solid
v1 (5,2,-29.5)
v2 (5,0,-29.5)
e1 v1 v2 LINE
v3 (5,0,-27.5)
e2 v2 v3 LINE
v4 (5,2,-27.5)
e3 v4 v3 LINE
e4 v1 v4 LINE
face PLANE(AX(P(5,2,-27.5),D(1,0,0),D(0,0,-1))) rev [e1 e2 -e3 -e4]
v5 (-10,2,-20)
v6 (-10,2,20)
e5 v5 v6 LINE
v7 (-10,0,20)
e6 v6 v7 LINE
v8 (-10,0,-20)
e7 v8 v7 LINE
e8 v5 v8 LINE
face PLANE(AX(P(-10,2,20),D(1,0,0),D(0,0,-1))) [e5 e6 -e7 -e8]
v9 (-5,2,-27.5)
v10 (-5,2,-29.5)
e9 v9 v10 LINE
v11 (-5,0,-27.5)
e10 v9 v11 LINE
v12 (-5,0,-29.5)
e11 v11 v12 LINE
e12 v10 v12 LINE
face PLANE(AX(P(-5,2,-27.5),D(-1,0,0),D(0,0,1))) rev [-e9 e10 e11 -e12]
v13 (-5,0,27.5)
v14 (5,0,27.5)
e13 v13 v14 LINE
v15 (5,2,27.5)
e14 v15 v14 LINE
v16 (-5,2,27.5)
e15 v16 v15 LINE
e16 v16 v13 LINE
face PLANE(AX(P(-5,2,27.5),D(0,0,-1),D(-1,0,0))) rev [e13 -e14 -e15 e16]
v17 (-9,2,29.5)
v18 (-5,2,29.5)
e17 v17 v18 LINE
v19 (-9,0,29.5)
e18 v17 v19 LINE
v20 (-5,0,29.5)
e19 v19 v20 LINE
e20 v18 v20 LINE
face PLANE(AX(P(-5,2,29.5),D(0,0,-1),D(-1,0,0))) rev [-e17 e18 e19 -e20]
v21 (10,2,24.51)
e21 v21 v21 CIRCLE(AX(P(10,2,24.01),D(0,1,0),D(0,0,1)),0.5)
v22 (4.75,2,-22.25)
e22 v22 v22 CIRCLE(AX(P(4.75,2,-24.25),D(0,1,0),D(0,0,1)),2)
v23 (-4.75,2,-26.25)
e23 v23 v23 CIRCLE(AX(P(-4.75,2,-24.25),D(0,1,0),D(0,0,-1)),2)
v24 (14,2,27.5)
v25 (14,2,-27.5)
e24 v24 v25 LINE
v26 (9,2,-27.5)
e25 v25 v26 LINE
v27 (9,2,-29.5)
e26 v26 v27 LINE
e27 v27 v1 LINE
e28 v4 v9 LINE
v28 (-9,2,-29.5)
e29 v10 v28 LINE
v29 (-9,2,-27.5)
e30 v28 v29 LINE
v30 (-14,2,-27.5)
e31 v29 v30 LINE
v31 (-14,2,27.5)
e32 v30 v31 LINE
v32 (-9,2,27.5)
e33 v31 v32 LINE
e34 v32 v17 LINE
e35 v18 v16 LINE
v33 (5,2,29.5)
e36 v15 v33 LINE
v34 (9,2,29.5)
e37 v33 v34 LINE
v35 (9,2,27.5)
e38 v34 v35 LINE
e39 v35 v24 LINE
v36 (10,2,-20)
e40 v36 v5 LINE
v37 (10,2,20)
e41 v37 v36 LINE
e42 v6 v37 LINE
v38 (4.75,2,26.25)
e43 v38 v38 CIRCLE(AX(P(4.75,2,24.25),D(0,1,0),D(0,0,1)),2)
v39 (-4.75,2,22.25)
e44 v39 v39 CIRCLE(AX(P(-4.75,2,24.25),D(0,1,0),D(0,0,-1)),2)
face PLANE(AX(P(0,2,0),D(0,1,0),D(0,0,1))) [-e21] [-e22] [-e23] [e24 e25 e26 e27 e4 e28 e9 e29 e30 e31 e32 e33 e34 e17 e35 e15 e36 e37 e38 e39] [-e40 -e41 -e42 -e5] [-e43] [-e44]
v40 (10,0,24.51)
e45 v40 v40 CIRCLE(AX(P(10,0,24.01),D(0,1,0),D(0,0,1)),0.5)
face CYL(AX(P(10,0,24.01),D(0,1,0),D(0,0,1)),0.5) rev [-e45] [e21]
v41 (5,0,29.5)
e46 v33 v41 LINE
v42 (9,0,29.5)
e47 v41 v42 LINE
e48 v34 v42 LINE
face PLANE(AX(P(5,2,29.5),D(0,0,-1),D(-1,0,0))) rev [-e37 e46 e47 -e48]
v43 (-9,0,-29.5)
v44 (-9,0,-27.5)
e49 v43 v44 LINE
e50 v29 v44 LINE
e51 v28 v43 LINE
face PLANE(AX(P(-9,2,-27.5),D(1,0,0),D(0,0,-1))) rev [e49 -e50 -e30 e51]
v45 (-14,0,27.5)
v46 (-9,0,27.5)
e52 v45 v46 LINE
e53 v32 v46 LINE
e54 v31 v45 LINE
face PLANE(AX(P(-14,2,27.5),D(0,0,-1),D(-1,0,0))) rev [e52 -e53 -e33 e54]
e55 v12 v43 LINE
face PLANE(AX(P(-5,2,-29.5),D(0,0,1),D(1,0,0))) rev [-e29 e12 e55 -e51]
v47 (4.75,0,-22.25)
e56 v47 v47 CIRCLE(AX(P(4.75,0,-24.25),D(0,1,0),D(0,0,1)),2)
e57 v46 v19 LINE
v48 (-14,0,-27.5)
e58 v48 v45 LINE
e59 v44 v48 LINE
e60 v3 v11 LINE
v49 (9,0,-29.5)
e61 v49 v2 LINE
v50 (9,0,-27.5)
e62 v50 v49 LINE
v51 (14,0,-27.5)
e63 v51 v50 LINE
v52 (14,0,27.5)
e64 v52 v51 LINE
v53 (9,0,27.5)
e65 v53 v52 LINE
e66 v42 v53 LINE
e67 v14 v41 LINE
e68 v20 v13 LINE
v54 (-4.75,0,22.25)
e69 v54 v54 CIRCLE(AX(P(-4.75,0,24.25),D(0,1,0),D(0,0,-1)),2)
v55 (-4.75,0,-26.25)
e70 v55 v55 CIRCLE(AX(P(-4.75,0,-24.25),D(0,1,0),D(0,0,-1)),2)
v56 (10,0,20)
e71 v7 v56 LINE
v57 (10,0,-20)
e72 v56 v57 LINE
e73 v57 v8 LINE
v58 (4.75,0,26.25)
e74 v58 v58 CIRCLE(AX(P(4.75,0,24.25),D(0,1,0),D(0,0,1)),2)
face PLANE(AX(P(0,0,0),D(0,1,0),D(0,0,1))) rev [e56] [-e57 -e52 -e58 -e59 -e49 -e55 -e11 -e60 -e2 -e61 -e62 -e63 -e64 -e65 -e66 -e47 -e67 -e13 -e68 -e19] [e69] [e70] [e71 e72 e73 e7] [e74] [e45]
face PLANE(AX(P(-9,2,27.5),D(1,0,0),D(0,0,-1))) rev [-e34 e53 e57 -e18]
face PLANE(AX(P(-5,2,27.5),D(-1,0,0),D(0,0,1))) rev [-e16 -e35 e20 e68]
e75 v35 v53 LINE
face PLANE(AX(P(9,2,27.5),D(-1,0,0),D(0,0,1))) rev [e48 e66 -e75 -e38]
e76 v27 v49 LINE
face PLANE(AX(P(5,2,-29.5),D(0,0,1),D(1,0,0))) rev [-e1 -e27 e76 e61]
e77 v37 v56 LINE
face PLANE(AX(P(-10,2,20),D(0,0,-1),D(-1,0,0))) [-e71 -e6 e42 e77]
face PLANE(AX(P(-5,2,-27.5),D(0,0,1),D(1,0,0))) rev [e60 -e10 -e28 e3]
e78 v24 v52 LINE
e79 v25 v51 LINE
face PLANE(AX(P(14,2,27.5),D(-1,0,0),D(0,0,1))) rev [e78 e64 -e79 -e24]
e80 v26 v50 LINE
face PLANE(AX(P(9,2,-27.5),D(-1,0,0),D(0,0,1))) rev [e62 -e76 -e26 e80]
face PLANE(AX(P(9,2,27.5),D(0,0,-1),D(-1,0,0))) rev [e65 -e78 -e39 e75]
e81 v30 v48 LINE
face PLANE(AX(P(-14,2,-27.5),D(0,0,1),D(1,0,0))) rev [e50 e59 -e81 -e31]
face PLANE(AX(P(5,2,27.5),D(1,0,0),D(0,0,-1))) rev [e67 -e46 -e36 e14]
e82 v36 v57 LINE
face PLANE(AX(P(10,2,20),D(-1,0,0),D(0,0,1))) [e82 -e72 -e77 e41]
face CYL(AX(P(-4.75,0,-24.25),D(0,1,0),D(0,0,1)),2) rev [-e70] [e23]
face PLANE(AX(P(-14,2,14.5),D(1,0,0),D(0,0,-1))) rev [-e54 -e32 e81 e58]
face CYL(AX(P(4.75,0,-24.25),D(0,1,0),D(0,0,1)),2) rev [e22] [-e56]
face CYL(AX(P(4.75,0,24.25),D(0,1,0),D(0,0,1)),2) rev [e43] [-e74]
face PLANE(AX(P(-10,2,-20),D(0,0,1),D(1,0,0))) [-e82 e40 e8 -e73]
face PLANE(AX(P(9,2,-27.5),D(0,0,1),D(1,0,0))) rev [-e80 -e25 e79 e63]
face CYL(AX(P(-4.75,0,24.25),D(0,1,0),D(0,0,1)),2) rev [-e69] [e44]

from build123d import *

# Parameters (mm, degrees)
SKETCH1_W           = 20
SKETCH1_H           = 40
BOSS_EXTRUDE1_DEPTH = 2
SKETCH2_R           = 2
SKETCH2_R_2         = 0.5
CUT_EXTRUDE1_DEPTH  = 2


with BuildPart() as part:
    # Sketch1 → Boss-Extrude1 (new body)
    with BuildSketch(Plane(origin=(0, 0, 0), x_dir=(1, 0, 0), z_dir=(0, 1, 0))):
        Polygon((-14, -27.5), (-9, -27.5), (-9, -29.5), (-5, -29.5), (-5, -27.5), (5, -27.5), (5, -29.5), (9, -29.5), (9, -27.5), (14, -27.5), (14, 27.5), (9, 27.5), (9, 29.5), (5, 29.5), (5, 27.5), (-5, 27.5), (-5, 29.5), (-9, 29.5), (-9, 27.5), (-14, 27.5), (-14, 14.5), (-14, -14.5), align=None)
        Rectangle(SKETCH1_W, SKETCH1_H, mode=Mode.SUBTRACT)
    extrude(amount=BOSS_EXTRUDE1_DEPTH)

    # Sketch2 → Cut-Extrude1 (cut)
    with BuildSketch(Plane(origin=(0, 2, 0), x_dir=(1, 0, 0), z_dir=(0, 1, 0))):
        with Locations(Location((4.75, 24.25, 0), (0, 0, 270))):
            Circle(SKETCH2_R)
        with Locations(Location((-4.75, 24.25, 0), (0, 0, 90))):
            Circle(SKETCH2_R)
        with Locations(Location((4.75, -24.25, 0), (0, 0, 270))):
            Circle(SKETCH2_R)
        with Locations(Location((-4.75, -24.25, 0), (0, 0, 90))):
            Circle(SKETCH2_R)
        with Locations(Location((10, -24.01, 0), (0, 0, 270))):
            Circle(SKETCH2_R_2)
    extrude(amount=-CUT_EXTRUDE1_DEPTH, mode=Mode.SUBTRACT)


solid = part.part
